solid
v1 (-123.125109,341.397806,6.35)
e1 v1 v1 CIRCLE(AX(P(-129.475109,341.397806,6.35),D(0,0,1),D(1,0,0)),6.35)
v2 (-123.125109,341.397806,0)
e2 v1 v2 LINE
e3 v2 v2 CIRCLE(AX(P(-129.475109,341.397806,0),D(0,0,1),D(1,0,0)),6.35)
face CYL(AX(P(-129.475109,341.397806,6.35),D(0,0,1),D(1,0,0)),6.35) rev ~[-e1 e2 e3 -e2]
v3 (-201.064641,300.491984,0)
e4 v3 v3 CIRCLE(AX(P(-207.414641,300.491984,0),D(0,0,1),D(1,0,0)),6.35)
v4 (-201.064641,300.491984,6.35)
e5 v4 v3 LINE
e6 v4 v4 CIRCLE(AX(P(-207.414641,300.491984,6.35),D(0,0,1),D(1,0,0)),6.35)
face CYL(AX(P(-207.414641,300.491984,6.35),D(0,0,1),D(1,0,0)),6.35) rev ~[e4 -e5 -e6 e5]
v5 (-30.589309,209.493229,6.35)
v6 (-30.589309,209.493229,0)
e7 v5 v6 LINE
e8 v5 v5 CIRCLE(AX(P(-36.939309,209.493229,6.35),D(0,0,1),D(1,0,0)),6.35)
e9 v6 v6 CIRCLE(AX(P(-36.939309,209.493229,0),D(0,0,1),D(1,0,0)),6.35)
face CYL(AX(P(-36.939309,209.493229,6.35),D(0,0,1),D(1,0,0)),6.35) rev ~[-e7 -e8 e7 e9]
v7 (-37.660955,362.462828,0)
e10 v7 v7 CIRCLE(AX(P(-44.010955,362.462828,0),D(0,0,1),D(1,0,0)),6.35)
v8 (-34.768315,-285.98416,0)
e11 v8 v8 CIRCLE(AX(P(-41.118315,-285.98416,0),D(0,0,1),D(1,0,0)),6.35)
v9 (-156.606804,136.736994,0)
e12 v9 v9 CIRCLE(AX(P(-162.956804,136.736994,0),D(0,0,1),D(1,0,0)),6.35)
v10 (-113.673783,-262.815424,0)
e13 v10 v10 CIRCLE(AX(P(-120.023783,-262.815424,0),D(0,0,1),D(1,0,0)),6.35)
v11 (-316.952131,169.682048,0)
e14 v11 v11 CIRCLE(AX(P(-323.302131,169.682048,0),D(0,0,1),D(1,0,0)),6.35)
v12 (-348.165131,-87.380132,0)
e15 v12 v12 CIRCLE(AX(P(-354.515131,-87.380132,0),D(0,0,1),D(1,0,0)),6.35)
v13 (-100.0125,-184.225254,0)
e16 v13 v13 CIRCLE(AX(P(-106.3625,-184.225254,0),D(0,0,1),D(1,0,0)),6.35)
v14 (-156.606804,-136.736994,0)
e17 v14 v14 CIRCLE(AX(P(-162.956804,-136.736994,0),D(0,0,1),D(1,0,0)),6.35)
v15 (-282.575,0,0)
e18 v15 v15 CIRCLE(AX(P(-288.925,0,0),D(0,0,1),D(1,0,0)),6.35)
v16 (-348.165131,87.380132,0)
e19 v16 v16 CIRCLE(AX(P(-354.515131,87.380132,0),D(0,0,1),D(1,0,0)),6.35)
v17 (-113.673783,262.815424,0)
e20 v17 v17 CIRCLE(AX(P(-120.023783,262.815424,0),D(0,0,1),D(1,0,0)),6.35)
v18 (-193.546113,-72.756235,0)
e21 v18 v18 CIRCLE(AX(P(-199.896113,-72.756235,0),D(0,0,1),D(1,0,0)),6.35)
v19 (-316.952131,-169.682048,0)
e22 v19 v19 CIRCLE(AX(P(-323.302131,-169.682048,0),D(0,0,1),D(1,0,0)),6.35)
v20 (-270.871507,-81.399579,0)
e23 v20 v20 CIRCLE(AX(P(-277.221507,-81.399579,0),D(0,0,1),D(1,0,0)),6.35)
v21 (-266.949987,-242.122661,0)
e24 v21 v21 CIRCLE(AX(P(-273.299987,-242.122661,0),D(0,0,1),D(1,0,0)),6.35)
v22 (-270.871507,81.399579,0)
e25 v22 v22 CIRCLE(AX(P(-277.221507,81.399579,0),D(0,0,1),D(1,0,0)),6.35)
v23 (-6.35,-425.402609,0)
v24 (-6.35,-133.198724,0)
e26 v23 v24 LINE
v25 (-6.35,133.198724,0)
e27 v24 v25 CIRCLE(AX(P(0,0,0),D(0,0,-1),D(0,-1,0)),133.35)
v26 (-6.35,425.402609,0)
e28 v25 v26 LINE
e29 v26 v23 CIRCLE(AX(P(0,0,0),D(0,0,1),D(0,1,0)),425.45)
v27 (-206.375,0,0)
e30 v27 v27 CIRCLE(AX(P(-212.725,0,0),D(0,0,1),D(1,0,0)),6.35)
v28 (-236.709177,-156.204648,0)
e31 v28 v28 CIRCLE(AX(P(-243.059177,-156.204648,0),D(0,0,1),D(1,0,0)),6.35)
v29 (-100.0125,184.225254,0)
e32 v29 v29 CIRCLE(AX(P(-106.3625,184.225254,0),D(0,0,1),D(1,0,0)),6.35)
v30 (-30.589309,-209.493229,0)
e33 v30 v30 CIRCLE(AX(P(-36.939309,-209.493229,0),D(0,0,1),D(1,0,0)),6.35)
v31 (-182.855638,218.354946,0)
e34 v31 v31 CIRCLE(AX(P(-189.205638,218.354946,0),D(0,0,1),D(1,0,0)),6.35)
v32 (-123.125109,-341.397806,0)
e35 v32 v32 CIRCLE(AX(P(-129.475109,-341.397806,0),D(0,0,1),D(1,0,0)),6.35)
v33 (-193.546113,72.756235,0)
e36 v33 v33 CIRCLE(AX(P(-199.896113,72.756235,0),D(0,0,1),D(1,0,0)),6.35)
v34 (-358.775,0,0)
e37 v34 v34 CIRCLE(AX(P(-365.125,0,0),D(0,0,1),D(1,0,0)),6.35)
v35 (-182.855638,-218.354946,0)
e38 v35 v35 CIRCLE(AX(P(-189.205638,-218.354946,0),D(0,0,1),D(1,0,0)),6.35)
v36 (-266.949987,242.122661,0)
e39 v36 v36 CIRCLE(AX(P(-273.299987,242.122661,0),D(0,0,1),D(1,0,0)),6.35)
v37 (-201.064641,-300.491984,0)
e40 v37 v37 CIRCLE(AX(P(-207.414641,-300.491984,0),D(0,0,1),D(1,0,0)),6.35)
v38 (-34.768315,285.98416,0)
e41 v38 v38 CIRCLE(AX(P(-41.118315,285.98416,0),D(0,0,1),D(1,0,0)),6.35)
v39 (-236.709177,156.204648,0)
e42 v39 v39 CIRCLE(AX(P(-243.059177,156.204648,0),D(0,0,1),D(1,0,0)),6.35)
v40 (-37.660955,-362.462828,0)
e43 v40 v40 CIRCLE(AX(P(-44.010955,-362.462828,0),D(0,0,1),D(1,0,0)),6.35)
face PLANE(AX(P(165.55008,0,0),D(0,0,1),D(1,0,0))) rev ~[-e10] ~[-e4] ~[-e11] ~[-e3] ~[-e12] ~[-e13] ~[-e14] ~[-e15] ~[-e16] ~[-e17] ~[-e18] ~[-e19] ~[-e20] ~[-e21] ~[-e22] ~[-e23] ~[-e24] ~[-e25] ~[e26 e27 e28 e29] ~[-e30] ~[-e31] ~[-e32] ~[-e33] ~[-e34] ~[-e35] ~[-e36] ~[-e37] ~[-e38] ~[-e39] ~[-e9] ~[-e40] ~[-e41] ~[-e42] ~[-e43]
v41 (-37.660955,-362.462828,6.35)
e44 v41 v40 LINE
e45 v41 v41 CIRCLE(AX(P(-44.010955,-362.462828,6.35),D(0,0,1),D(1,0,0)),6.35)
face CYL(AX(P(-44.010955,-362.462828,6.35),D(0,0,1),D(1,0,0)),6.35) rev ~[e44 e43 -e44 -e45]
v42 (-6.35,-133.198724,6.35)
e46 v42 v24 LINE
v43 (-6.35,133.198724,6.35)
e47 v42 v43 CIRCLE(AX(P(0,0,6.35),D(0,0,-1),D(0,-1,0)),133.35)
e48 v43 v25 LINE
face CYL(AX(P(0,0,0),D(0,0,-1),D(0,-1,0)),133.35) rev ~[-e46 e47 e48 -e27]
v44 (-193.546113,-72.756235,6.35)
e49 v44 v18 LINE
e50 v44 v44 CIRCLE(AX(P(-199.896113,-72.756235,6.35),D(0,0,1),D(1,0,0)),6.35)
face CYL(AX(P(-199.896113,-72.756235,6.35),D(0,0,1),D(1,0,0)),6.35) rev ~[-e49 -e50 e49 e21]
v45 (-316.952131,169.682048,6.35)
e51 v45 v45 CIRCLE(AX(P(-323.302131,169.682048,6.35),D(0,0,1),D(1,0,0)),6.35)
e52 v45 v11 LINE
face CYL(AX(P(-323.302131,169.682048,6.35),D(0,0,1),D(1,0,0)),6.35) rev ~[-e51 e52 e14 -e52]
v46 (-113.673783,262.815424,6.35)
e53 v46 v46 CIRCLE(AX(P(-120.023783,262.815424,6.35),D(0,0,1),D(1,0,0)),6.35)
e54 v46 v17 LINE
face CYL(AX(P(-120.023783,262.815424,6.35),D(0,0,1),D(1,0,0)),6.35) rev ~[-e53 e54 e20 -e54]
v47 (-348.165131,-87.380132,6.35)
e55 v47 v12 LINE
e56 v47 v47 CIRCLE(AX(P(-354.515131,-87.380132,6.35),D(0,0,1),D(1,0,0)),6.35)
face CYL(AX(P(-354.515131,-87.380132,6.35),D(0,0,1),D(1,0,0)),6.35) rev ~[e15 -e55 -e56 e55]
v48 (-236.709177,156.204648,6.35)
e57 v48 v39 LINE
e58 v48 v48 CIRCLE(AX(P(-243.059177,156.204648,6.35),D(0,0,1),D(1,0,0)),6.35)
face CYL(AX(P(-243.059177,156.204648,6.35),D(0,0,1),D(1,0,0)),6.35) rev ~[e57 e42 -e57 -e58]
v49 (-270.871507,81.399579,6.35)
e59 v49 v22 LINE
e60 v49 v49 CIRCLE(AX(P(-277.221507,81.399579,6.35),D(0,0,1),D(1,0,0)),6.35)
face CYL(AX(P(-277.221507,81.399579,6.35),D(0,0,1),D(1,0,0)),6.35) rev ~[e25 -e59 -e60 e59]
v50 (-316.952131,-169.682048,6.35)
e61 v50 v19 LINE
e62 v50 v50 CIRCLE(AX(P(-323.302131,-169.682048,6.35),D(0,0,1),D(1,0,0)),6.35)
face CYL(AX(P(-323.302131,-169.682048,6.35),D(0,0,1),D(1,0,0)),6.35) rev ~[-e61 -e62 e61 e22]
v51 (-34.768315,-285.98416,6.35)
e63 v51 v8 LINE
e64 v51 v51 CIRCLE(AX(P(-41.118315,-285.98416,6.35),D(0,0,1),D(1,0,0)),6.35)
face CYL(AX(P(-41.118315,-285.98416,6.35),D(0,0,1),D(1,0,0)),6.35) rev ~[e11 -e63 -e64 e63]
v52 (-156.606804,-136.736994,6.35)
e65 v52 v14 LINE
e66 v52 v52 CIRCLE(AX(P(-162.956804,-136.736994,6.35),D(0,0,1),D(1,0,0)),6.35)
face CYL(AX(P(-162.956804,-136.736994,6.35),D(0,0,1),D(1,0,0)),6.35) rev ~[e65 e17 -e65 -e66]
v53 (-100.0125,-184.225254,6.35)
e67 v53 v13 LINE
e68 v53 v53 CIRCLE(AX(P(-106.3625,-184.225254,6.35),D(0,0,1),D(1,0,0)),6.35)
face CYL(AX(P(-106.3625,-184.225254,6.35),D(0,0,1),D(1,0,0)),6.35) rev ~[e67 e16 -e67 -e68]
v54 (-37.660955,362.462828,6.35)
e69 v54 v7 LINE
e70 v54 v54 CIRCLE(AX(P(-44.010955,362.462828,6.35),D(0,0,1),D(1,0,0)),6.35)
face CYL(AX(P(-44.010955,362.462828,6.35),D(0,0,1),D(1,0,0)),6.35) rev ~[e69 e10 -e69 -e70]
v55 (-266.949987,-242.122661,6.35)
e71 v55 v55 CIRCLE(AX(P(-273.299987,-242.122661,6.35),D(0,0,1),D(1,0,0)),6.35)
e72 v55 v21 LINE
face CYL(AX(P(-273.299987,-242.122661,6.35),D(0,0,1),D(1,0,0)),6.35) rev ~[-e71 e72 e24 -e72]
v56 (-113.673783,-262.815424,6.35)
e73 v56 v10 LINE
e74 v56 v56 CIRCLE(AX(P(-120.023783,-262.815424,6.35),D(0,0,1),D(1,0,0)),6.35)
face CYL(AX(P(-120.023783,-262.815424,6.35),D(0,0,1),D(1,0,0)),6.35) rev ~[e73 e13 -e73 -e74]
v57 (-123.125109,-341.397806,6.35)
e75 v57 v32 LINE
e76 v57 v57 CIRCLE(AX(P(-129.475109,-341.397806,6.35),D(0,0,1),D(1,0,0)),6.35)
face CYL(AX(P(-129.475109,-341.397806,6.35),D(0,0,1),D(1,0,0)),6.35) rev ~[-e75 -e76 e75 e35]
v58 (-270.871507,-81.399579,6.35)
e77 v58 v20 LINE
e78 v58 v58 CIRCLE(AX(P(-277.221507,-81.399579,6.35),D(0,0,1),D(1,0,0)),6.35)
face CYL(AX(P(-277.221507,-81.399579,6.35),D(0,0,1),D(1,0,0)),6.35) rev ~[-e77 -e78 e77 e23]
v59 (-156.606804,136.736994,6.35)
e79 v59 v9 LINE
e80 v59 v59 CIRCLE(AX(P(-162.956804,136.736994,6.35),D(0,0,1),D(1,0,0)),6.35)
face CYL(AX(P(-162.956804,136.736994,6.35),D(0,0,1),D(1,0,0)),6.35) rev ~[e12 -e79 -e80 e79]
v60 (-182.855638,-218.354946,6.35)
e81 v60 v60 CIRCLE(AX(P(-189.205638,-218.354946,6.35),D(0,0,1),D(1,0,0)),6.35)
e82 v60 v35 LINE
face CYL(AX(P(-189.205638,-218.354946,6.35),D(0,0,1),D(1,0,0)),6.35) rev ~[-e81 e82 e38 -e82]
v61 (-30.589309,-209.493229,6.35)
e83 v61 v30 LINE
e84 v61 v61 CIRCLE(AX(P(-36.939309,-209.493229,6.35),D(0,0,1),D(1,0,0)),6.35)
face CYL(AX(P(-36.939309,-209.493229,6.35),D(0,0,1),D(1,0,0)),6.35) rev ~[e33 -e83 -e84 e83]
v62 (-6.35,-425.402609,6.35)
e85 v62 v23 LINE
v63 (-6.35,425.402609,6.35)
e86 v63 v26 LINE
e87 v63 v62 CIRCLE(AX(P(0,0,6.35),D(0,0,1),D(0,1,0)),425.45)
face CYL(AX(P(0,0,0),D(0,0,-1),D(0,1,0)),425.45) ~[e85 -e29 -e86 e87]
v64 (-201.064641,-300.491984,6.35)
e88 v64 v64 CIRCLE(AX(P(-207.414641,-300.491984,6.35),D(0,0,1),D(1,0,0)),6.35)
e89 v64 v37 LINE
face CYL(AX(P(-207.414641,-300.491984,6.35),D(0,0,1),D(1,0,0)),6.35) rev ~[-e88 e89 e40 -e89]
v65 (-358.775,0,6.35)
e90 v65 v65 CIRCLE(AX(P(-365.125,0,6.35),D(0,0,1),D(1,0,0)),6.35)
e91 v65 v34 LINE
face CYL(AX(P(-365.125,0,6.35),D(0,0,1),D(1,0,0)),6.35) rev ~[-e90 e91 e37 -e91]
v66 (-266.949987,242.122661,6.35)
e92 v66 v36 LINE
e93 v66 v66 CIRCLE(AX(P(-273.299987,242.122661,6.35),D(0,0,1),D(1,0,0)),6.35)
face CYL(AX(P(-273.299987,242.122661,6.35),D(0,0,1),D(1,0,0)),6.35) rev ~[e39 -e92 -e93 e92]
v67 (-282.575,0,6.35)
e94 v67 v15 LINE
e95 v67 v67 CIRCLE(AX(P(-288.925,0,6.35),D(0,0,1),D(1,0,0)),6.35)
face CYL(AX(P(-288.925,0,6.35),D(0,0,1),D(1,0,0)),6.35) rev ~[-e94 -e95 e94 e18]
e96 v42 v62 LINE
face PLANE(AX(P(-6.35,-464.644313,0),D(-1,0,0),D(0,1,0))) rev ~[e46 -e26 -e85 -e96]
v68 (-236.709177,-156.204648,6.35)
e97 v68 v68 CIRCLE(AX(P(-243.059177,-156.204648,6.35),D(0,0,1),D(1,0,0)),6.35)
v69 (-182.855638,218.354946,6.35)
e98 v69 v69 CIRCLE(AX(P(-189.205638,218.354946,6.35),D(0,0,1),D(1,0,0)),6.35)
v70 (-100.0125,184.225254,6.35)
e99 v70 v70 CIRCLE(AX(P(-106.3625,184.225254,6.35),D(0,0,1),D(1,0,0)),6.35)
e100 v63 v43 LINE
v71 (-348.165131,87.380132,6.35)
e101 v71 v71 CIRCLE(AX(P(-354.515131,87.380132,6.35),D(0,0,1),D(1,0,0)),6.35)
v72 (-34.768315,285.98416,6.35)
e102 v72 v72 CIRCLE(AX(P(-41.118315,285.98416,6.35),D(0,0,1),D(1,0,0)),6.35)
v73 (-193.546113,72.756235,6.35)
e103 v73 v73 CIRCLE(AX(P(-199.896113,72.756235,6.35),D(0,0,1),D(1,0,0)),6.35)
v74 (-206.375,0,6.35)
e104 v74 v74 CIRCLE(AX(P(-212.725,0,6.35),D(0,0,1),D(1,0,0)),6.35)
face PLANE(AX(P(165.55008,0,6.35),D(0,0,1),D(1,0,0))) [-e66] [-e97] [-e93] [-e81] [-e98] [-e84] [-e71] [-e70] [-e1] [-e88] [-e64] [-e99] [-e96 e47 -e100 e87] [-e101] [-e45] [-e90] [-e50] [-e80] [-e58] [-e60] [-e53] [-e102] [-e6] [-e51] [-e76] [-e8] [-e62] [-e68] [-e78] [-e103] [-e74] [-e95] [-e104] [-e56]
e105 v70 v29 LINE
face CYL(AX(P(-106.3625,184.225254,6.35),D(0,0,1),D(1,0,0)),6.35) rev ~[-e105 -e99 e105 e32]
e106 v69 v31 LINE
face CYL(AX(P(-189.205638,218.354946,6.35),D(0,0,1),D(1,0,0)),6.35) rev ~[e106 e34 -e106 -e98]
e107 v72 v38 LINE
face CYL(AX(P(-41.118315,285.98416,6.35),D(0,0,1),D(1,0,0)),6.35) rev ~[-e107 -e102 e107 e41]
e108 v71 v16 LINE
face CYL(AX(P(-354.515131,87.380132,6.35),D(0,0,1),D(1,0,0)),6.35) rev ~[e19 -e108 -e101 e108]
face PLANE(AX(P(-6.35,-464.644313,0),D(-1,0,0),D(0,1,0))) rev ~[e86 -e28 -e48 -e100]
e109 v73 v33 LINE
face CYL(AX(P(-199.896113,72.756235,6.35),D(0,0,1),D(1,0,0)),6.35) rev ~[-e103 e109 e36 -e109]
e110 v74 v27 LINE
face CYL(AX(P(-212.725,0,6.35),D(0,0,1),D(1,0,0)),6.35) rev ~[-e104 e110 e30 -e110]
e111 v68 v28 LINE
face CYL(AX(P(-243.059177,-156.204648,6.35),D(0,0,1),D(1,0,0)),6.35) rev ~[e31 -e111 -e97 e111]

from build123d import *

# Parameters (mm, degrees)
F1_DEPTH  = 6.35
F3_DEPTH  = 6.351
F5_R      = 6.35
F6_DEPTH  = 6.351
F7_R      = 6.35
F8_DEPTH  = 6.351
F9_R      = 6.35
F10_DEPTH = 6.351
F11_W     = 6.35
F11_H     = 938.325346
F12_DEPTH = 6.351


with BuildPart() as f1:
    # F0 (on Top) → F1 (new body)
    with BuildSketch(Plane.XY):
        with BuildLine():
            ThreePointArc((0, 133.35), (94.292689, 94.292689), (133.35, 0))
            ThreePointArc((133.35, 0), (94.292689, -94.292689), (0, -133.35))
            Line((0, -133.35), (0, -425.45))
            ThreePointArc((0, -425.45), (300.83858, -300.83858), (425.45, 0))
            ThreePointArc((425.45, 0), (300.83858, 300.83858), (0, 425.45))
            Line((0, 425.45), (0, 133.35))
        make_face()
        with BuildLine():
            ThreePointArc((0, -133.35), (-133.35, 0), (0, 133.35))
            Line((0, 133.35), (0, 425.45))
            ThreePointArc((0, 425.45), (-425.45, 0), (0, -425.45))
            Line((0, -425.45), (0, -133.35))
        make_face()
    extrude(amount=F1_DEPTH)

    # F2 (on face) → F3 (cut, through all)
    with BuildSketch(Plane.XY.offset(6.35)):
        with BuildLine():
            Line((0, 425.45), (0, 133.35))
            ThreePointArc((0, 133.35), (133.35, 0), (0, -133.35))
            Line((0, -133.35), (0, -425.45))
            ThreePointArc((0, -425.45), (425.45, 0), (0, 425.45))
        make_face()
    extrude(amount=-F3_DEPTH, mode=Mode.SUBTRACT)

    # F5 (on face) → F6 (cut, through all)
    with BuildSketch(Plane.XY.offset(6.35)):
        with Locations((-288.925, 0)):
            Circle(F5_R)
        with Locations((-277.221507, -81.399579)):
            Circle(F5_R)
        with Locations((-243.059177, -156.204648)):
            Circle(F5_R)
        with Locations((-189.205638, -218.354946)):
            Circle(F5_R)
        with Locations((-120.023783, -262.815424)):
            Circle(F5_R)
        with Locations((-41.118315, -285.98416)):
            Circle(F5_R)
        with Locations((41.118315, -285.98416)):
            Circle(F5_R)
        with Locations((120.023783, -262.815424)):
            Circle(F5_R)
        with Locations((189.205638, -218.354946)):
            Circle(F5_R)
        with Locations((243.059177, -156.204648)):
            Circle(F5_R)
        with Locations((277.221507, -81.399579)):
            Circle(F5_R)
        with Locations((288.925, 0)):
            Circle(F5_R)
        with Locations((277.221507, 81.399579)):
            Circle(F5_R)
        with Locations((243.059177, 156.204648)):
            Circle(F5_R)
        with Locations((189.205638, 218.354946)):
            Circle(F5_R)
        with Locations((120.023783, 262.815424)):
            Circle(F5_R)
        with Locations((41.118315, 285.98416)):
            Circle(F5_R)
        with Locations((-41.118315, 285.98416)):
            Circle(F5_R)
        with Locations((-120.023783, 262.815424)):
            Circle(F5_R)
        with Locations((-189.205638, 218.354946)):
            Circle(F5_R)
        with Locations((-243.059177, 156.204648)):
            Circle(F5_R)
        with Locations((-277.221507, 81.399579)):
            Circle(F5_R)
    extrude(amount=-F6_DEPTH, mode=Mode.SUBTRACT)

    # F7 (on face) → F8 (cut, through all)
    with BuildSketch(Plane.XY.offset(6.35)):
        with Locations((-212.725, 0)):
            Circle(F7_R)
        with Locations((-199.896113, -72.756235)):
            Circle(F7_R)
        with Locations((-162.956804, -136.736994)):
            Circle(F7_R)
        with Locations((-106.3625, -184.225254)):
            Circle(F7_R)
        with Locations((-36.939309, -209.493229)):
            Circle(F7_R)
        with Locations((36.939309, -209.493229)):
            Circle(F7_R)
        with Locations((106.3625, -184.225254)):
            Circle(F7_R)
        with Locations((162.956804, -136.736994)):
            Circle(F7_R)
        with Locations((199.896113, -72.756235)):
            Circle(F7_R)
        with Locations((212.725, 0)):
            Circle(F7_R)
        with Locations((199.896113, 72.756235)):
            Circle(F7_R)
        with Locations((162.956804, 136.736994)):
            Circle(F7_R)
        with Locations((106.3625, 184.225254)):
            Circle(F7_R)
        with Locations((36.939309, 209.493229)):
            Circle(F7_R)
        with Locations((-36.939309, 209.493229)):
            Circle(F7_R)
        with Locations((-106.3625, 184.225254)):
            Circle(F7_R)
        with Locations((-162.956804, 136.736994)):
            Circle(F7_R)
        with Locations((-199.896113, 72.756235)):
            Circle(F7_R)
    extrude(amount=-F8_DEPTH, mode=Mode.SUBTRACT)

    # F9 (on face) → F10 (cut, through all)
    with BuildSketch(Plane.XY.offset(6.35)):
        with Locations((-365.125, 0)):
            Circle(F9_R)
        with Locations((-354.515131, -87.380132)):
            Circle(F9_R)
        with Locations((-323.302131, -169.682048)):
            Circle(F9_R)
        with Locations((-273.299987, -242.122661)):
            Circle(F9_R)
        with Locations((-207.414641, -300.491984)):
            Circle(F9_R)
        with Locations((-129.475109, -341.397806)):
            Circle(F9_R)
        with Locations((-44.010955, -362.462828)):
            Circle(F9_R)
        with Locations((44.010955, -362.462828)):
            Circle(F9_R)
        with Locations((129.475109, -341.397806)):
            Circle(F9_R)
        with Locations((207.414641, -300.491984)):
            Circle(F9_R)
        with Locations((273.299987, -242.122661)):
            Circle(F9_R)
        with Locations((323.302131, -169.682048)):
            Circle(F9_R)
        with Locations((354.515131, -87.380132)):
            Circle(F9_R)
        with Locations((365.125, 0)):
            Circle(F9_R)
        with Locations((354.515131, 87.380132)):
            Circle(F9_R)
        with Locations((323.302131, 169.682048)):
            Circle(F9_R)
        with Locations((273.299987, 242.122661)):
            Circle(F9_R)
        with Locations((207.414641, 300.491984)):
            Circle(F9_R)
        with Locations((129.475109, 341.397806)):
            Circle(F9_R)
        with Locations((44.010955, 362.462828)):
            Circle(F9_R)
        with Locations((-44.010955, 362.462828)):
            Circle(F9_R)
        with Locations((-129.475109, 341.397806)):
            Circle(F9_R)
        with Locations((-207.414641, 300.491984)):
            Circle(F9_R)
        with Locations((-273.299987, 242.122661)):
            Circle(F9_R)
        with Locations((-323.302131, 169.682048)):
            Circle(F9_R)
        with Locations((-354.515131, 87.380132)):
            Circle(F9_R)
    extrude(amount=-F10_DEPTH, mode=Mode.SUBTRACT)

    # F11 (on Top) → F12 (cut, through all)
    with BuildSketch(Plane.XY):
        with Locations((-3.175, 4.51836)):
            Rectangle(F11_W, F11_H)
    extrude(amount=F12_DEPTH, mode=Mode.SUBTRACT)


solid = f1.part
